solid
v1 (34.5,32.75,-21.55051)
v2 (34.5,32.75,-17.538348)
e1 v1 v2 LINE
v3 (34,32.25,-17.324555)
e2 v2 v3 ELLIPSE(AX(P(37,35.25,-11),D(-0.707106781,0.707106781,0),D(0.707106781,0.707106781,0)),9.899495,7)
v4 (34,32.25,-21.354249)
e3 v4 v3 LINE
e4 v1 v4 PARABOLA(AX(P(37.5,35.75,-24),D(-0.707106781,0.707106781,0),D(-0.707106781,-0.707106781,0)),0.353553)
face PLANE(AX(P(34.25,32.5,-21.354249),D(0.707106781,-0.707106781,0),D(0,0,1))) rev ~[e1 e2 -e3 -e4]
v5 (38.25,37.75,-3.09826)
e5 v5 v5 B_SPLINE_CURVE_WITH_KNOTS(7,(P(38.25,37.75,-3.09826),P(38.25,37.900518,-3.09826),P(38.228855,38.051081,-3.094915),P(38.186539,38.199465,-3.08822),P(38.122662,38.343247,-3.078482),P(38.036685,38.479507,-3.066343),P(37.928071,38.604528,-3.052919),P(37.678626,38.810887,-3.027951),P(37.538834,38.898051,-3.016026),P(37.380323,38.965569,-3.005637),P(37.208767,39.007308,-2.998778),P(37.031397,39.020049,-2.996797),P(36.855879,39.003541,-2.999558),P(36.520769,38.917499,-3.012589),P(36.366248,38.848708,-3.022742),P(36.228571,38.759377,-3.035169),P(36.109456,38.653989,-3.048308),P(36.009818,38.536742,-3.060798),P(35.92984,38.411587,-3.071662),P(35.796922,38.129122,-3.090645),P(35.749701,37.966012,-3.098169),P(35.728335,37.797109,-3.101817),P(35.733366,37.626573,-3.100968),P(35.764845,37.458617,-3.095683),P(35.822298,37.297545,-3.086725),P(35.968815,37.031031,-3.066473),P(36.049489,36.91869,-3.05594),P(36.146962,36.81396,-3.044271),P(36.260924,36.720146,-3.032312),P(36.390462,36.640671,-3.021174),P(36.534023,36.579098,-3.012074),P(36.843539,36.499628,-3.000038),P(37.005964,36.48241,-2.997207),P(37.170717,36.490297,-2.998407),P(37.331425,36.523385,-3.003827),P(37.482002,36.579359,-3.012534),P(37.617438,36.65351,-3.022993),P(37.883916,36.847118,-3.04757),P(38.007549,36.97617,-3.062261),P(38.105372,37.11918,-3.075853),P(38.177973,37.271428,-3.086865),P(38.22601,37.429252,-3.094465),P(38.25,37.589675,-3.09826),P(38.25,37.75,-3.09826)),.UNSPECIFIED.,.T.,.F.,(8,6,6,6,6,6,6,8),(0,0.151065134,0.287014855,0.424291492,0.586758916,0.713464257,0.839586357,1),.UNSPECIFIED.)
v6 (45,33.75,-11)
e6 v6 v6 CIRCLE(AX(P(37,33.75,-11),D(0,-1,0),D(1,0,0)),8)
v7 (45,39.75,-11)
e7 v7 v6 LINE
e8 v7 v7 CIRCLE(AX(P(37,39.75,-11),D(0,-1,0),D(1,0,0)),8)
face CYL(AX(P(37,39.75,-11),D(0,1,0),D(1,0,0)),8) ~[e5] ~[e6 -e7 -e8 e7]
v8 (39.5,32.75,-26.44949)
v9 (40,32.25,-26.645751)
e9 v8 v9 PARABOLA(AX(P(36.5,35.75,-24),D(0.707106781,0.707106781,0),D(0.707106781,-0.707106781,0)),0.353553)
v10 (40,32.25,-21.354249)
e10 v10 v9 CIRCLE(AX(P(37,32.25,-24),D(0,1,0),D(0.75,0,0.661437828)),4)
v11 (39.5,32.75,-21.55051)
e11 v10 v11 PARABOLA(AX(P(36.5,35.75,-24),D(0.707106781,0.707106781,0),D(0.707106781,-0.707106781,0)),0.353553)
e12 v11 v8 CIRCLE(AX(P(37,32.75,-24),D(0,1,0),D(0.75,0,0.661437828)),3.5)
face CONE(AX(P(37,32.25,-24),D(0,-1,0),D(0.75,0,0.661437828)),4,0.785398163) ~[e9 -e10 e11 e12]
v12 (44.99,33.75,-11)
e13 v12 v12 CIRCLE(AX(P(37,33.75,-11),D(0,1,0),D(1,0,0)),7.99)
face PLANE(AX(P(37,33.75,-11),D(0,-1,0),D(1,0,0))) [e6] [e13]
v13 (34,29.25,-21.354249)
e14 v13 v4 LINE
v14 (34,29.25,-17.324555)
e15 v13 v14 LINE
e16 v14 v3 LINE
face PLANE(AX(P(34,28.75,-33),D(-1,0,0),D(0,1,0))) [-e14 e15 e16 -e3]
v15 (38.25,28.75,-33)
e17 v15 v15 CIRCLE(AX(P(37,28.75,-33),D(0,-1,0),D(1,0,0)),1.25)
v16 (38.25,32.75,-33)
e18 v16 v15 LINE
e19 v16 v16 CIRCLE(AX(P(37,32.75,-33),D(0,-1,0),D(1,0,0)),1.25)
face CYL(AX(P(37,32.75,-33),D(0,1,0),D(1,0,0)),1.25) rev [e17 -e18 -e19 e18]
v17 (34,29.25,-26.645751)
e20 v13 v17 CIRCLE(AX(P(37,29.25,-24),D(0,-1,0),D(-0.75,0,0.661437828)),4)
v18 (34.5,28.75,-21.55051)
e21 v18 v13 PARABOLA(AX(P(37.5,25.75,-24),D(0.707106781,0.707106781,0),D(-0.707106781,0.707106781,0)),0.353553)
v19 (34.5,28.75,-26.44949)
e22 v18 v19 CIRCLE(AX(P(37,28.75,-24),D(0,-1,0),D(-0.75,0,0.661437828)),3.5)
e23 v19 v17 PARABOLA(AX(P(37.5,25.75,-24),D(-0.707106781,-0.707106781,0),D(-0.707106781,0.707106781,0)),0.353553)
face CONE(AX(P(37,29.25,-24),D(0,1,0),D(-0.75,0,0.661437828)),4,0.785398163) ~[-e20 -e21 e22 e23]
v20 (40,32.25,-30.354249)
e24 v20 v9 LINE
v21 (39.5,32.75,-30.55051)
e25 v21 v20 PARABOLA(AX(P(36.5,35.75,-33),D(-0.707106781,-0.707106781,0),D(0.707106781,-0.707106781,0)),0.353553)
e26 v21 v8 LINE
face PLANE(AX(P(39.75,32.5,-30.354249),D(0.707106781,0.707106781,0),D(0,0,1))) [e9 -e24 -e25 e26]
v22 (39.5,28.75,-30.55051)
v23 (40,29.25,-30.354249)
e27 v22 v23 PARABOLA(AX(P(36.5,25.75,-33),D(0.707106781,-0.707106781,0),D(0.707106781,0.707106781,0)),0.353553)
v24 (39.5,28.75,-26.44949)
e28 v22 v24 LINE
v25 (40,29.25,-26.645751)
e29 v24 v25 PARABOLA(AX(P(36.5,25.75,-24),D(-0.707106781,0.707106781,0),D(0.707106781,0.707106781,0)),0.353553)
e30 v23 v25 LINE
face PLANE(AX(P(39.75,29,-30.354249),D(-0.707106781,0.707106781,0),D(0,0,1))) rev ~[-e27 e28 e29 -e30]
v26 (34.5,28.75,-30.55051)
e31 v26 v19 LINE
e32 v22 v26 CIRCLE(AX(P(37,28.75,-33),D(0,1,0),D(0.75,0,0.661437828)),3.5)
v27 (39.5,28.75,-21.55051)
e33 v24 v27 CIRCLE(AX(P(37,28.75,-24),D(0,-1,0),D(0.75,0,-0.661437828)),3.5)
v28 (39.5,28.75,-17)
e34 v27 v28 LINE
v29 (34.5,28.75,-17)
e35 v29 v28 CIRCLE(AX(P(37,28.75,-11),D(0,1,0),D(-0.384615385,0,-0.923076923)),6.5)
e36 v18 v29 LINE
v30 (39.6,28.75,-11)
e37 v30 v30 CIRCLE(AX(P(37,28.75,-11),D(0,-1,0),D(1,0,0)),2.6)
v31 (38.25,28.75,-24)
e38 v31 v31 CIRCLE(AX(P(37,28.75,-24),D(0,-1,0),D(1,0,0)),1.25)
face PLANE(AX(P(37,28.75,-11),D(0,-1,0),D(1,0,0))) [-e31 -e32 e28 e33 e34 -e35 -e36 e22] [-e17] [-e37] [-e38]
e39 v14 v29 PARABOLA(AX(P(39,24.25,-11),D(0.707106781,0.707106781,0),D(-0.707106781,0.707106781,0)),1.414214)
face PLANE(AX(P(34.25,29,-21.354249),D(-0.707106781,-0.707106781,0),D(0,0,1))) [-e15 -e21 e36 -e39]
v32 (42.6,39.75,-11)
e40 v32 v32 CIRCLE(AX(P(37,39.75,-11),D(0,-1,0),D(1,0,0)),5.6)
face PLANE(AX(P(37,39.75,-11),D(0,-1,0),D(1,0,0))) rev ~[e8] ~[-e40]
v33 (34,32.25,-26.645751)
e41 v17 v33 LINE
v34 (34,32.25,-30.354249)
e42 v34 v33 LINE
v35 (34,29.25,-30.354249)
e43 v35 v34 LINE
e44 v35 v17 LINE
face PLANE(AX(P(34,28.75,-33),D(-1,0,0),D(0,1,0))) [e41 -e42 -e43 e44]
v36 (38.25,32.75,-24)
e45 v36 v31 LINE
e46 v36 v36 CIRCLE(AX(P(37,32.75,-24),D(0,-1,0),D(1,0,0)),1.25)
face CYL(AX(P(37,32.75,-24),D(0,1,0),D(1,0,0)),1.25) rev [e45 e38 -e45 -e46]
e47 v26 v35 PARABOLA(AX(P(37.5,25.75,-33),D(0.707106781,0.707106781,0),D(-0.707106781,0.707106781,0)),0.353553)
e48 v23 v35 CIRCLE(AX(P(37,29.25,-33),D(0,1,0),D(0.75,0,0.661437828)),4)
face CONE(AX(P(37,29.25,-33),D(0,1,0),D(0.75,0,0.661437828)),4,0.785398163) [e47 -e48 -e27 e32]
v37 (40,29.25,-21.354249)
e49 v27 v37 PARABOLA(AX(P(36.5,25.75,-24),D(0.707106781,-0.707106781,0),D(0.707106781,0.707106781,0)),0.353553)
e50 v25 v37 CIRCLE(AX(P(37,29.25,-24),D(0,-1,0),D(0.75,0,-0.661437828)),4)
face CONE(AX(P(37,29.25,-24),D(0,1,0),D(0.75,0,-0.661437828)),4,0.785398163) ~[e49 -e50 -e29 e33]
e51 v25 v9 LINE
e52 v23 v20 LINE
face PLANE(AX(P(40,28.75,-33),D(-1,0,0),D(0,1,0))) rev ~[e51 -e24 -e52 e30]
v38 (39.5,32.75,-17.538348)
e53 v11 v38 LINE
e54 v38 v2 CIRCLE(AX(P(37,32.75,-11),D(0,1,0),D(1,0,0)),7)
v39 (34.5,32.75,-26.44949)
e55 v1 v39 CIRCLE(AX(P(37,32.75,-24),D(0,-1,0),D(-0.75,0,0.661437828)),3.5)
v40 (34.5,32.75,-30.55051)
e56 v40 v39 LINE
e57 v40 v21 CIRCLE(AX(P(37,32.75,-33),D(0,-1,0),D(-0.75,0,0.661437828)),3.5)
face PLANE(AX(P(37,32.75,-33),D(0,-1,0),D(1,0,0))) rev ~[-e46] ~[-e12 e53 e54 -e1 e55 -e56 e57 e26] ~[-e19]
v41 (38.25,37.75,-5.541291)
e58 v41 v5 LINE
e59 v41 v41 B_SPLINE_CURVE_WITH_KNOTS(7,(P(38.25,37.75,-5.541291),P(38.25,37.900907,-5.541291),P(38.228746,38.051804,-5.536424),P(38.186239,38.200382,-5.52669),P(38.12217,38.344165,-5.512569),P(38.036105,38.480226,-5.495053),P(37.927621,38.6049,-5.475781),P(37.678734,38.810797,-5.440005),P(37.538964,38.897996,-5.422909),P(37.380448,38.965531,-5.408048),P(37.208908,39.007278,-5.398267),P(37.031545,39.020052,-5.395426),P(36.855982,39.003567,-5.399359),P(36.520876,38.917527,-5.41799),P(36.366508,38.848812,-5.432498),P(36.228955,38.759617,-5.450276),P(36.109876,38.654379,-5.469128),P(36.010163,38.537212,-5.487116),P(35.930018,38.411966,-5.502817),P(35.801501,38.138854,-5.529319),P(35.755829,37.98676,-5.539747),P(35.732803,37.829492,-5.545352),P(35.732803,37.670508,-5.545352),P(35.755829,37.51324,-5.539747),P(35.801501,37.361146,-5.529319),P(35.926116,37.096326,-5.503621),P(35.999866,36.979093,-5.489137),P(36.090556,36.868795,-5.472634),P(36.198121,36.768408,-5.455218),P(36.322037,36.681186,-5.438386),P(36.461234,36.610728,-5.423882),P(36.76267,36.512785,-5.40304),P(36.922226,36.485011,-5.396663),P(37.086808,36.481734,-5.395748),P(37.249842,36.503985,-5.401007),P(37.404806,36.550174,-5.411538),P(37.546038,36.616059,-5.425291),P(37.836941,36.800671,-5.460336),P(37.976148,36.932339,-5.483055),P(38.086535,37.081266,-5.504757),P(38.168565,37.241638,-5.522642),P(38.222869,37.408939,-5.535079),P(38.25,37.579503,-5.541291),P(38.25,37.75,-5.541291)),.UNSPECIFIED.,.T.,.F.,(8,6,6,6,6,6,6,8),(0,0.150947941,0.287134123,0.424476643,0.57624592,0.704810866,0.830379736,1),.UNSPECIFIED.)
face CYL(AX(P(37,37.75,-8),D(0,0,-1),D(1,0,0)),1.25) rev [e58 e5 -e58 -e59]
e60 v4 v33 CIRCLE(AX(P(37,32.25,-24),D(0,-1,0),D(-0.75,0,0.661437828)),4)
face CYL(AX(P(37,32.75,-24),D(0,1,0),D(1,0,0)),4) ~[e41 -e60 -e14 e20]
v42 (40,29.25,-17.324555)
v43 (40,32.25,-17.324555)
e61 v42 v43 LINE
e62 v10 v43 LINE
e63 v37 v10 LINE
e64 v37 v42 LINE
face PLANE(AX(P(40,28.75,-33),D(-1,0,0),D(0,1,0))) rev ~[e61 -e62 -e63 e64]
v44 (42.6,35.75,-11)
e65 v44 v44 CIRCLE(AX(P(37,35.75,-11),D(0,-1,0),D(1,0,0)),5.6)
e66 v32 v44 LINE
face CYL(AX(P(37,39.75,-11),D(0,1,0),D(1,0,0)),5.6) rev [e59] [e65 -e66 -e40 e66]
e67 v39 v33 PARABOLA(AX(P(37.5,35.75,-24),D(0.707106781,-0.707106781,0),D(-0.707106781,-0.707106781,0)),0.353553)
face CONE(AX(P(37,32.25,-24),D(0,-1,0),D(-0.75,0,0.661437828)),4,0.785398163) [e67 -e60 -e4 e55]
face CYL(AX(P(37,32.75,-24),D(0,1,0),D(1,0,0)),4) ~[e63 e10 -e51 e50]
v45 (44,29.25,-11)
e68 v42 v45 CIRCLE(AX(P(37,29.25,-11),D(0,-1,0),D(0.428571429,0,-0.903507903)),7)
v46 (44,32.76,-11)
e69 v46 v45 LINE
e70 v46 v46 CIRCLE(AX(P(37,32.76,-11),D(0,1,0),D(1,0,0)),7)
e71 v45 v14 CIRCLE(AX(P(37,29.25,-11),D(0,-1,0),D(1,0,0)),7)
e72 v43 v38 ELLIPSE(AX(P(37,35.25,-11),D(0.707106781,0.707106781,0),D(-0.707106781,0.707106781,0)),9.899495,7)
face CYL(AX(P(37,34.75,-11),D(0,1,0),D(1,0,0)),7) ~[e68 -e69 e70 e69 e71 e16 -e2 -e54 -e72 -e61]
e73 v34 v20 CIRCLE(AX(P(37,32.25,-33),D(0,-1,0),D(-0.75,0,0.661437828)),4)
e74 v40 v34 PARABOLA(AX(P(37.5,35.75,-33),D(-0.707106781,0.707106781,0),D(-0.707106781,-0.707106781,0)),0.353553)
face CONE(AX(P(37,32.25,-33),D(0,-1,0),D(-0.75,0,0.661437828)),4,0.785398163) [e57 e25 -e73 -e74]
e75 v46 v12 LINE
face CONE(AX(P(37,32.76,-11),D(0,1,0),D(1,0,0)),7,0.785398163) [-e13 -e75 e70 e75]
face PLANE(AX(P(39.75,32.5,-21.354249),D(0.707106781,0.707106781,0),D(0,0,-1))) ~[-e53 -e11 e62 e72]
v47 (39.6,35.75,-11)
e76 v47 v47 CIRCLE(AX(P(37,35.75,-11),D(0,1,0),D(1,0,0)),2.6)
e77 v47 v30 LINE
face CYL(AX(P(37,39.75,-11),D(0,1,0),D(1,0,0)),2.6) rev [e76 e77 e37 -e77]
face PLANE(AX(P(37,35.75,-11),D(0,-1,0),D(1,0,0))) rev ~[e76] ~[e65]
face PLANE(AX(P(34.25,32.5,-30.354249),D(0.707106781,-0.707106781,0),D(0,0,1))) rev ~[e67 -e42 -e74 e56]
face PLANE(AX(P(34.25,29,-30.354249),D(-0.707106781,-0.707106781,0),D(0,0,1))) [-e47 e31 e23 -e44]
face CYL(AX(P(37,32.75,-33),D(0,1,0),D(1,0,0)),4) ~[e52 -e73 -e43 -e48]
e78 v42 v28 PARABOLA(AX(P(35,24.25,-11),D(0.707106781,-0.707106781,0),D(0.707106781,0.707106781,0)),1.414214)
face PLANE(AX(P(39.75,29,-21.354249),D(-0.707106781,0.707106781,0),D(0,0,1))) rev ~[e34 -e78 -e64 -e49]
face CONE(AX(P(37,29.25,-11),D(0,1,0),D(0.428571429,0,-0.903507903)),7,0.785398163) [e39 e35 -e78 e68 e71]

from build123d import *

# Parameters (mm, degrees)
CYLINDER887_R          = 1.25
CYLINDER887_DEPTH      = 7
CYLINDER885_R          = 2.6
CYLINDER885_DEPTH      = 11
CYLINDER885_ROLL_ANGLE = 90
CYLINDER883_R          = 1.25
CYLINDER883_DEPTH      = 4
CYLINDER883_ROLL_ANGLE = 90
CYLINDER884_R          = 5.6
CYLINDER884_DEPTH      = 4
CYLINDER884_ROLL_ANGLE = 90
CYLINDER882_R          = 1.25
CYLINDER882_DEPTH      = 4
CYLINDER882_ROLL_ANGLE = 90
BOX549_W               = 6
BOX549_H               = 4
BOX549_DEPTH           = 22
CYLINDER880_R          = 4
CYLINDER880_DEPTH      = 4
CYLINDER880_ROLL_ANGLE = 90
CYLINDER878_R          = 7
CYLINDER878_DEPTH      = 6
CYLINDER878_ROLL_ANGLE = 90
CYLINDER881_R          = 4
CYLINDER881_DEPTH      = 4
CYLINDER881_ROLL_ANGLE = 90
CYLINDER886_R          = 8
CYLINDER886_DEPTH      = 6
CYLINDER886_ROLL_ANGLE = 90
CHAMFER103_SIZE        = 0.99
CHAMFER104_SIZE        = 0.5


with BuildPart() as cylinder1047:
    # Cylinder887 → Cylinder887 (new body)
    with BuildSketch(Plane(origin=(37, 37.75, -8), x_dir=(1, 0, 0), z_dir=(0, 0, 1))):
        Circle(CYLINDER887_R)
    extrude(amount=CYLINDER887_DEPTH)


with BuildPart() as cylinder1045:
    # Cylinder885 → Cylinder885 (new body)
    with BuildSketch(Plane.XY):
        Circle(CYLINDER885_R)
    extrude(amount=CYLINDER885_DEPTH)


with BuildPart() as cylinder1045_1:
    # Cylinder885 roll: moved
    add(cylinder1045.part.rotate(Axis((0, 0, 0), (1, 0, 0)), CYLINDER885_ROLL_ANGLE))


with BuildPart() as cylinder1045_2:
    # Cylinder885 placement: moved
    add(cylinder1045_1.part.moved(Location((37, 39.75, -11))))


with BuildPart() as cylinder1043:
    # Cylinder883 → Cylinder883 (new body)
    with BuildSketch(Plane.XY):
        Circle(CYLINDER883_R)
    extrude(amount=CYLINDER883_DEPTH)


with BuildPart() as cylinder1043_1:
    # Cylinder883 roll: moved
    add(cylinder1043.part.rotate(Axis((0, 0, 0), (1, 0, 0)), CYLINDER883_ROLL_ANGLE))


with BuildPart() as cylinder1043_2:
    # Cylinder883 placement: moved
    add(cylinder1043_1.part.moved(Location((37, 32.75, -33))))


with BuildPart() as cylinder1044:
    # Cylinder884 → Cylinder884 (new body)
    with BuildSketch(Plane.XY):
        Circle(CYLINDER884_R)
    extrude(amount=CYLINDER884_DEPTH)


with BuildPart() as cylinder1044_1:
    # Cylinder884 roll: moved
    add(cylinder1044.part.rotate(Axis((0, 0, 0), (1, 0, 0)), CYLINDER884_ROLL_ANGLE))


with BuildPart() as cylinder1044_2:
    # Cylinder884 placement: moved
    add(cylinder1044_1.part.moved(Location((37, 39.75, -11))))


with BuildPart() as fusion566:
    # Cylinder882 → Cylinder882 (new body)
    with BuildSketch(Plane.XY):
        Circle(CYLINDER882_R)
    extrude(amount=CYLINDER882_DEPTH)


with BuildPart() as fusion566_1:
    # Cylinder882 roll: moved
    add(fusion566.part.rotate(Axis((0, 0, 0), (1, 0, 0)), CYLINDER882_ROLL_ANGLE))


with BuildPart() as fusion566_2:
    # Cylinder882 placement: moved
    add(fusion566_1.part.moved(Location((37, 32.75, -24))))

    # Fusion566: union Cylinder1045, Cylinder1043, Cylinder1044
    add(cylinder1045_2.part)
    add(cylinder1043_2.part)
    add(cylinder1044_2.part)


with BuildPart() as cube740:
    # Box549 → Box549 (new body)
    with BuildSketch(Plane(origin=(34, 33.75, -33), x_dir=(1, 0, 0), z_dir=(0, 0, 1))):
        with Locations((3, 2)):
            Rectangle(BOX549_W, BOX549_H)
    extrude(amount=BOX549_DEPTH)


with BuildPart() as cylinder1040:
    # Cylinder880 → Cylinder880 (new body)
    with BuildSketch(Plane.XY):
        Circle(CYLINDER880_R)
    extrude(amount=CYLINDER880_DEPTH)


with BuildPart() as cylinder1040_1:
    # Cylinder880 roll: moved
    add(cylinder1040.part.rotate(Axis((0, 0, 0), (1, 0, 0)), CYLINDER880_ROLL_ANGLE))


with BuildPart() as cylinder1040_2:
    # Cylinder880 placement: moved
    add(cylinder1040_1.part.moved(Location((37, 37.75, -33))))


with BuildPart() as cylinder1039:
    # Cylinder878 → Cylinder878 (new body)
    with BuildSketch(Plane.XY):
        Circle(CYLINDER878_R)
    extrude(amount=CYLINDER878_DEPTH)


with BuildPart() as cylinder1039_1:
    # Cylinder878 roll: moved
    add(cylinder1039.part.rotate(Axis((0, 0, 0), (1, 0, 0)), CYLINDER878_ROLL_ANGLE))


with BuildPart() as cylinder1039_2:
    # Cylinder878 placement: moved
    add(cylinder1039_1.part.moved(Location((37, 39.75, -11))))


with BuildPart() as fusion564:
    # Cylinder881 → Cylinder881 (new body)
    with BuildSketch(Plane.XY):
        Circle(CYLINDER881_R)
    extrude(amount=CYLINDER881_DEPTH)


with BuildPart() as fusion564_1:
    # Cylinder881 roll: moved
    add(fusion564.part.rotate(Axis((0, 0, 0), (1, 0, 0)), CYLINDER881_ROLL_ANGLE))


with BuildPart() as fusion564_2:
    # Cylinder881 placement: moved
    add(fusion564_1.part.moved(Location((37, 37.75, -24))))

    # Fusion564: union Cube740, Cylinder1040, Cylinder1039
    add(cube740.part)
    add(cylinder1040_2.part)
    add(cylinder1039_2.part)


with BuildPart() as fusion564_3:
    # Fusion564 placement: moved
    add(fusion564_2.part.moved(Location((0, -5, 0))))


with BuildPart() as front_axle_steering_arm_int_servo:
    # Cylinder886 → Cylinder886 (new body)
    with BuildSketch(Plane.XY):
        Circle(CYLINDER886_R)
    extrude(amount=CYLINDER886_DEPTH)


with BuildPart() as front_axle_steering_arm_int_servo_1:
    # Cylinder886 roll: moved
    add(front_axle_steering_arm_int_servo.part.rotate(Axis((0, 0, 0), (1, 0, 0)), CYLINDER886_ROLL_ANGLE))


with BuildPart() as front_axle_steering_arm_int_servo_2:
    # Cylinder886 placement: moved
    add(front_axle_steering_arm_int_servo_1.part.moved(Location((37, 39.75, -11))))

    # Fusion565: union Fusion564
    add(fusion564_3.part)

    # Cut671: cut Fusion566
    add(fusion566_2.part, mode=Mode.SUBTRACT)

    # Chamfer103
    chamfer103_edges = [front_axle_steering_arm_int_servo_2.edges().sort_by_distance(p)[0] for p in [
        (30, 33.75, -11),
    ]]
    chamfer(chamfer103_edges, length=CHAMFER103_SIZE)

    # Cut672: cut Cylinder1047
    add(cylinder1047.part, mode=Mode.SUBTRACT)

    # Chamfer104
    chamfer104_edges = [front_axle_steering_arm_int_servo_2.edges().sort_by_distance(p)[0] for p in [
        (33.258343, 28.75, -5.08392),
        (42.91608, 28.75, -14.741657),
        (40, 28.75, -19.339402),
        (40.741657, 28.75, -22.585786),
        (34, 28.75, -19.339402),
        (40.741657, 28.75, -25.414214),
        (33, 28.75, -24),
        (40, 28.75, -28.5),
        (34, 28.75, -28.5),
        (40.741657, 28.75, -31.585786),
        (35.585786, 28.75, -36.741657),
        (34, 32.75, -19.339402),
        (40, 32.75, -19.339402),
        (40.741657, 32.75, -22.585786),
        (40.741657, 32.75, -25.414214),
        (40, 32.75, -28.5),
        (33, 32.75, -24),
        (40.741657, 32.75, -31.585786),
        (34, 32.75, -28.5),
        (35.585786, 32.75, -36.741657),
    ]]
    chamfer(chamfer104_edges, length=CHAMFER104_SIZE)


solid = front_axle_steering_arm_int_servo_2.part
